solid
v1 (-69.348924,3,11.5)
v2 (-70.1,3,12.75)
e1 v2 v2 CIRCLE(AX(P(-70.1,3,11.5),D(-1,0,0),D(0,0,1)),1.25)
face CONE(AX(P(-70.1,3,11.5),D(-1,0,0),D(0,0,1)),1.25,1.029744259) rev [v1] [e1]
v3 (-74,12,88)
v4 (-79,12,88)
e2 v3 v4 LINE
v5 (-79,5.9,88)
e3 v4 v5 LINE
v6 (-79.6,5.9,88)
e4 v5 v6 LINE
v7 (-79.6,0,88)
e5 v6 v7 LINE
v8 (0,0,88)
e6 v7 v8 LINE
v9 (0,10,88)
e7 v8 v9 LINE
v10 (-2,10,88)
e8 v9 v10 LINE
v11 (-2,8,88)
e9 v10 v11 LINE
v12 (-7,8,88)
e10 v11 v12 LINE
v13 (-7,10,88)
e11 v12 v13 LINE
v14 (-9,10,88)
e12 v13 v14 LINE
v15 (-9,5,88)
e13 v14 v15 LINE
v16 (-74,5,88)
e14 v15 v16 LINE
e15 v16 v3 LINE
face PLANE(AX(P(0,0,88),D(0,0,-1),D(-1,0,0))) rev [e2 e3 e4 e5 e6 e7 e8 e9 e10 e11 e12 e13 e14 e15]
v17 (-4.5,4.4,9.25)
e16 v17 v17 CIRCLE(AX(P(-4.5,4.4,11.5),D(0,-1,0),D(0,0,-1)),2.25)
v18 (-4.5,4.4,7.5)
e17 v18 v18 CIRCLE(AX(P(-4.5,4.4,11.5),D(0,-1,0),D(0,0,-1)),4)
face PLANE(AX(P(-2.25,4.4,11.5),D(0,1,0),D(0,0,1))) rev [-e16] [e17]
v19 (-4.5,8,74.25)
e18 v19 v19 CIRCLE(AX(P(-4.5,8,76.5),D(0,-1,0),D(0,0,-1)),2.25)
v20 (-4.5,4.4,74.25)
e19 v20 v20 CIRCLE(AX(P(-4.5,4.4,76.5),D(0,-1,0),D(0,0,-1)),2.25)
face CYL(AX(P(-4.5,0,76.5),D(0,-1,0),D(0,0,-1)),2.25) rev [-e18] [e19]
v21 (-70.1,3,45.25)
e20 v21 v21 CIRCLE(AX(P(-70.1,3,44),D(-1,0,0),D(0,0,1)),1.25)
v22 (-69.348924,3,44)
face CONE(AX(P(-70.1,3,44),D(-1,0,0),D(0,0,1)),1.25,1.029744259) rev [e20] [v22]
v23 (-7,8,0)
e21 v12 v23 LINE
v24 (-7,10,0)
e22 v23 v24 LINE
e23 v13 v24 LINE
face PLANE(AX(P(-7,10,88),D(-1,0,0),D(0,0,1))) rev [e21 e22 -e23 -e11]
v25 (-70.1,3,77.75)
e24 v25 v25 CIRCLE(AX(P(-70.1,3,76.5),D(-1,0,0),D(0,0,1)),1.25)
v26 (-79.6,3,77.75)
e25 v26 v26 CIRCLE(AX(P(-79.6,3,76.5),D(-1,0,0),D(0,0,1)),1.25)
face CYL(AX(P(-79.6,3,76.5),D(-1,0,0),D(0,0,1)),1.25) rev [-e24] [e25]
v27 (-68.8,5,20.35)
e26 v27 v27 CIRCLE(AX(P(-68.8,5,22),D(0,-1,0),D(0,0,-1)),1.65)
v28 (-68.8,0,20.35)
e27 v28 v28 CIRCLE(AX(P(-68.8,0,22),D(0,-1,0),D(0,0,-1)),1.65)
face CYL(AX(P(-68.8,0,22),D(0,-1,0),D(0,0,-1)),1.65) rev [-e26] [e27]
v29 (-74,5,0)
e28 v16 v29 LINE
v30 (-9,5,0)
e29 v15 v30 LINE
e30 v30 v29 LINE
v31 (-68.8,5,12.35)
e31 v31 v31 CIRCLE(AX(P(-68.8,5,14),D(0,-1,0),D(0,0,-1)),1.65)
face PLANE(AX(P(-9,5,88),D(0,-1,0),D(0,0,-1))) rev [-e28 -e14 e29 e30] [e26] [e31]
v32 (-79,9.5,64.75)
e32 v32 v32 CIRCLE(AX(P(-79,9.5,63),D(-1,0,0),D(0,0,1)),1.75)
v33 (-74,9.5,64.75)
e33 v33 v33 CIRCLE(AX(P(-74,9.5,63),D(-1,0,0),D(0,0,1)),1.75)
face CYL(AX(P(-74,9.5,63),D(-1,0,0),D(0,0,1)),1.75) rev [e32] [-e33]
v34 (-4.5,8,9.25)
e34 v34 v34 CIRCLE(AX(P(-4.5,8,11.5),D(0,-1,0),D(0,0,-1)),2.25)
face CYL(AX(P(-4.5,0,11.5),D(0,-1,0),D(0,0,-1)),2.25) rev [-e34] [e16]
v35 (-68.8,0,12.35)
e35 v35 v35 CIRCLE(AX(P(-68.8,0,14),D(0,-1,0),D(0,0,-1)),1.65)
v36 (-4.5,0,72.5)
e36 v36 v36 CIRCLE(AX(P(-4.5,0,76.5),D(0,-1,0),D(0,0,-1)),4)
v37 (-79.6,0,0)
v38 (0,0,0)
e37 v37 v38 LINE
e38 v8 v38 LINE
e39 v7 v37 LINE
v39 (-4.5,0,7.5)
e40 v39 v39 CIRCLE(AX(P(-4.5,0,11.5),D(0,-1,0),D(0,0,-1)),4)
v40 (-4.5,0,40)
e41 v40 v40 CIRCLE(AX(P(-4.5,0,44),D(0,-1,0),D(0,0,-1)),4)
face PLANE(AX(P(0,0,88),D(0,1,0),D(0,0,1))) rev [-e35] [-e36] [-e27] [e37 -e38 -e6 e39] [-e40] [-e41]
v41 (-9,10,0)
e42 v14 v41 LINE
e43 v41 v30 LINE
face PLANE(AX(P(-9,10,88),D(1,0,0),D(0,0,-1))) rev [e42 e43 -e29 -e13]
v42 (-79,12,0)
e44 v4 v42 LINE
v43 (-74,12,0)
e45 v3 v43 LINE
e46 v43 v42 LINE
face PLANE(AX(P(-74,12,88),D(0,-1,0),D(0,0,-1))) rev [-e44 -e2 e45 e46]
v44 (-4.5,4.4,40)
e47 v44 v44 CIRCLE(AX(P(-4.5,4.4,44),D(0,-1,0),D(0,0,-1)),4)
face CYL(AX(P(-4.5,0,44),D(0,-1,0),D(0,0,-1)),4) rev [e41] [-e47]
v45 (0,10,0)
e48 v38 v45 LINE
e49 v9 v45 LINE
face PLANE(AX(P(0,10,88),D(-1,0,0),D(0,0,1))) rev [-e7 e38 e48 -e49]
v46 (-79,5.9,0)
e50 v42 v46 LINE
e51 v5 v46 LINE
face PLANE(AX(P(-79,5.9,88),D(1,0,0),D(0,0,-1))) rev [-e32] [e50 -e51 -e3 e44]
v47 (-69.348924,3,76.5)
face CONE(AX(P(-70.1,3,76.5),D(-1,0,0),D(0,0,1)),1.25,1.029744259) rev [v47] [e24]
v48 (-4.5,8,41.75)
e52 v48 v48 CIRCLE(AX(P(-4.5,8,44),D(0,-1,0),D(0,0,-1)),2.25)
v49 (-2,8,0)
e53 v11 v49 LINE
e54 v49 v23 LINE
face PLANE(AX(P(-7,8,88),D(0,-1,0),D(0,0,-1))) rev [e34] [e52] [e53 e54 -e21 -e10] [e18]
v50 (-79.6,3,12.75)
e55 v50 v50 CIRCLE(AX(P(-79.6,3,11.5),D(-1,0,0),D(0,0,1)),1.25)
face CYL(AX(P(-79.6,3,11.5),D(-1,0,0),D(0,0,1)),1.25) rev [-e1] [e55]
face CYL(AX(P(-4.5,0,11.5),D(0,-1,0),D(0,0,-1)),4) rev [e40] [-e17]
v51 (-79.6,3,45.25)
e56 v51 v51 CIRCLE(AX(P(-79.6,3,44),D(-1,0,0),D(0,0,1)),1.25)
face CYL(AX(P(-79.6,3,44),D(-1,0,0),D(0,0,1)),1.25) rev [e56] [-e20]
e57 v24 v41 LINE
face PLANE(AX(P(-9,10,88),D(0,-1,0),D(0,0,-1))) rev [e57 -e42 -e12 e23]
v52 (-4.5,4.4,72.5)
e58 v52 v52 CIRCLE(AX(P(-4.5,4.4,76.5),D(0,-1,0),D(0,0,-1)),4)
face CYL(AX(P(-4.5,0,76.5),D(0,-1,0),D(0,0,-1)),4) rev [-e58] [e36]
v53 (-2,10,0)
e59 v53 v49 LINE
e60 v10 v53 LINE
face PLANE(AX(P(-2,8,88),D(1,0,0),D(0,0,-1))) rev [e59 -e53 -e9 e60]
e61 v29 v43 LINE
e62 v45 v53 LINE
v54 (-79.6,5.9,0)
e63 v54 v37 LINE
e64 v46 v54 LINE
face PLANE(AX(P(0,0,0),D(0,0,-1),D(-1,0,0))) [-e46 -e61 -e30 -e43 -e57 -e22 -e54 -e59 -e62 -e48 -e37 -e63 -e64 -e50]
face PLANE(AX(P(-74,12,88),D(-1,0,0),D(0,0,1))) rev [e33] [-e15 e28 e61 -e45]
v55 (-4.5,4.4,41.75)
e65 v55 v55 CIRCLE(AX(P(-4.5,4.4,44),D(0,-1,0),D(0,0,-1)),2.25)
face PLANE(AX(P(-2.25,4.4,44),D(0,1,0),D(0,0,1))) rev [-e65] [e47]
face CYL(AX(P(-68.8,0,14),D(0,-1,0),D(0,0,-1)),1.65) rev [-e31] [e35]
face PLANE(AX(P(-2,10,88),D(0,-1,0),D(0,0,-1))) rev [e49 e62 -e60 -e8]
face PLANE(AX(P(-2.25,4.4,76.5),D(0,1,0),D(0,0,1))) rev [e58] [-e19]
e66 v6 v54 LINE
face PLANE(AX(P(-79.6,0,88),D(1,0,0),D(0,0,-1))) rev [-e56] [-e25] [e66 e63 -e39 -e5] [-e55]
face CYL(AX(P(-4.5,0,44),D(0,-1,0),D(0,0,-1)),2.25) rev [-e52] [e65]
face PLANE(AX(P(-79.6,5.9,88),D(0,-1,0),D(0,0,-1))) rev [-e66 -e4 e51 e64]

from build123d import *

# Parameters (mm, degrees)
EXTRUDE_1_DEPTH              = 88
HOLE_WIZARD_M4_1_D           = 4.5
HOLE_WIZARD_M4_1_CBORE_D     = 8
HOLE_WIZARD_M4_1_CBORE_DEPTH = 4.4
HOLE_WIZARD_M4_1_2_D         = 3.3
HOLE_WIZARD_M3_1_D           = 2.5
HOLE_WIZARD_M3_1_DEPTH       = 9.5
HOLE_WIZARD_M3_1_TIP         = 0.751075774
SKETCH_8_R                   = 1.75
CUT_EXTRUDE_1_DEPTH          = 5


with BuildPart() as part:
    # 草图1 → 凸台-拉伸1 (new body)
    with BuildSketch(Plane.XY):
        Polygon((-9, 10), (-9, 5), (-74, 5), (-74, 12), (-79, 12), (-79, 5.9), (-79.6, 5.9), (-79.6, 0), (0, 0), (0, 10), (-2, 10), (-2, 8), (-7, 8), (-7, 10), align=None)
    extrude(amount=EXTRUDE_1_DEPTH)

    # Hole Wizard M4 _1 (through all)
    with Locations(Plane(origin=(0, 0, 0), x_dir=(-1, 0, 0), z_dir=(0, -1, 0))):
        with Locations((4.5, -11.5), (4.5, -44), (4.5, -76.5)):
            CounterBoreHole(HOLE_WIZARD_M4_1_D / 2, HOLE_WIZARD_M4_1_CBORE_D / 2, HOLE_WIZARD_M4_1_CBORE_DEPTH)

    # Hole Wizard M4 _1 2 (through all)
    with Locations(Plane(origin=(0, 0, 0), x_dir=(-1, 0, 0), z_dir=(0, -1, 0))):
        with Locations((68.8, -14), (68.8, -22)):
            Hole(HOLE_WIZARD_M4_1_2_D / 2)

    # M3 螺纹孔1
    with Locations(Plane.ZY.offset(79.6)):
        with Locations((11.5, 3), (44, 3), (76.5, 3)):
            Hole(HOLE_WIZARD_M3_1_D / 2, depth=HOLE_WIZARD_M3_1_DEPTH)
            with Locations((0, 0, -(HOLE_WIZARD_M3_1_DEPTH + HOLE_WIZARD_M3_1_TIP / 2))):  # 118° drill point
                Cone(0, HOLE_WIZARD_M3_1_D / 2, HOLE_WIZARD_M3_1_TIP, mode=Mode.SUBTRACT)

    # 草图8 → 切除-拉伸1 (cut)
    with BuildSketch(Plane.ZY.offset(79)):
        with Locations((63, 9.5)):
            Circle(SKETCH_8_R)
    extrude(amount=-CUT_EXTRUDE_1_DEPTH, mode=Mode.SUBTRACT)


solid = part.part
